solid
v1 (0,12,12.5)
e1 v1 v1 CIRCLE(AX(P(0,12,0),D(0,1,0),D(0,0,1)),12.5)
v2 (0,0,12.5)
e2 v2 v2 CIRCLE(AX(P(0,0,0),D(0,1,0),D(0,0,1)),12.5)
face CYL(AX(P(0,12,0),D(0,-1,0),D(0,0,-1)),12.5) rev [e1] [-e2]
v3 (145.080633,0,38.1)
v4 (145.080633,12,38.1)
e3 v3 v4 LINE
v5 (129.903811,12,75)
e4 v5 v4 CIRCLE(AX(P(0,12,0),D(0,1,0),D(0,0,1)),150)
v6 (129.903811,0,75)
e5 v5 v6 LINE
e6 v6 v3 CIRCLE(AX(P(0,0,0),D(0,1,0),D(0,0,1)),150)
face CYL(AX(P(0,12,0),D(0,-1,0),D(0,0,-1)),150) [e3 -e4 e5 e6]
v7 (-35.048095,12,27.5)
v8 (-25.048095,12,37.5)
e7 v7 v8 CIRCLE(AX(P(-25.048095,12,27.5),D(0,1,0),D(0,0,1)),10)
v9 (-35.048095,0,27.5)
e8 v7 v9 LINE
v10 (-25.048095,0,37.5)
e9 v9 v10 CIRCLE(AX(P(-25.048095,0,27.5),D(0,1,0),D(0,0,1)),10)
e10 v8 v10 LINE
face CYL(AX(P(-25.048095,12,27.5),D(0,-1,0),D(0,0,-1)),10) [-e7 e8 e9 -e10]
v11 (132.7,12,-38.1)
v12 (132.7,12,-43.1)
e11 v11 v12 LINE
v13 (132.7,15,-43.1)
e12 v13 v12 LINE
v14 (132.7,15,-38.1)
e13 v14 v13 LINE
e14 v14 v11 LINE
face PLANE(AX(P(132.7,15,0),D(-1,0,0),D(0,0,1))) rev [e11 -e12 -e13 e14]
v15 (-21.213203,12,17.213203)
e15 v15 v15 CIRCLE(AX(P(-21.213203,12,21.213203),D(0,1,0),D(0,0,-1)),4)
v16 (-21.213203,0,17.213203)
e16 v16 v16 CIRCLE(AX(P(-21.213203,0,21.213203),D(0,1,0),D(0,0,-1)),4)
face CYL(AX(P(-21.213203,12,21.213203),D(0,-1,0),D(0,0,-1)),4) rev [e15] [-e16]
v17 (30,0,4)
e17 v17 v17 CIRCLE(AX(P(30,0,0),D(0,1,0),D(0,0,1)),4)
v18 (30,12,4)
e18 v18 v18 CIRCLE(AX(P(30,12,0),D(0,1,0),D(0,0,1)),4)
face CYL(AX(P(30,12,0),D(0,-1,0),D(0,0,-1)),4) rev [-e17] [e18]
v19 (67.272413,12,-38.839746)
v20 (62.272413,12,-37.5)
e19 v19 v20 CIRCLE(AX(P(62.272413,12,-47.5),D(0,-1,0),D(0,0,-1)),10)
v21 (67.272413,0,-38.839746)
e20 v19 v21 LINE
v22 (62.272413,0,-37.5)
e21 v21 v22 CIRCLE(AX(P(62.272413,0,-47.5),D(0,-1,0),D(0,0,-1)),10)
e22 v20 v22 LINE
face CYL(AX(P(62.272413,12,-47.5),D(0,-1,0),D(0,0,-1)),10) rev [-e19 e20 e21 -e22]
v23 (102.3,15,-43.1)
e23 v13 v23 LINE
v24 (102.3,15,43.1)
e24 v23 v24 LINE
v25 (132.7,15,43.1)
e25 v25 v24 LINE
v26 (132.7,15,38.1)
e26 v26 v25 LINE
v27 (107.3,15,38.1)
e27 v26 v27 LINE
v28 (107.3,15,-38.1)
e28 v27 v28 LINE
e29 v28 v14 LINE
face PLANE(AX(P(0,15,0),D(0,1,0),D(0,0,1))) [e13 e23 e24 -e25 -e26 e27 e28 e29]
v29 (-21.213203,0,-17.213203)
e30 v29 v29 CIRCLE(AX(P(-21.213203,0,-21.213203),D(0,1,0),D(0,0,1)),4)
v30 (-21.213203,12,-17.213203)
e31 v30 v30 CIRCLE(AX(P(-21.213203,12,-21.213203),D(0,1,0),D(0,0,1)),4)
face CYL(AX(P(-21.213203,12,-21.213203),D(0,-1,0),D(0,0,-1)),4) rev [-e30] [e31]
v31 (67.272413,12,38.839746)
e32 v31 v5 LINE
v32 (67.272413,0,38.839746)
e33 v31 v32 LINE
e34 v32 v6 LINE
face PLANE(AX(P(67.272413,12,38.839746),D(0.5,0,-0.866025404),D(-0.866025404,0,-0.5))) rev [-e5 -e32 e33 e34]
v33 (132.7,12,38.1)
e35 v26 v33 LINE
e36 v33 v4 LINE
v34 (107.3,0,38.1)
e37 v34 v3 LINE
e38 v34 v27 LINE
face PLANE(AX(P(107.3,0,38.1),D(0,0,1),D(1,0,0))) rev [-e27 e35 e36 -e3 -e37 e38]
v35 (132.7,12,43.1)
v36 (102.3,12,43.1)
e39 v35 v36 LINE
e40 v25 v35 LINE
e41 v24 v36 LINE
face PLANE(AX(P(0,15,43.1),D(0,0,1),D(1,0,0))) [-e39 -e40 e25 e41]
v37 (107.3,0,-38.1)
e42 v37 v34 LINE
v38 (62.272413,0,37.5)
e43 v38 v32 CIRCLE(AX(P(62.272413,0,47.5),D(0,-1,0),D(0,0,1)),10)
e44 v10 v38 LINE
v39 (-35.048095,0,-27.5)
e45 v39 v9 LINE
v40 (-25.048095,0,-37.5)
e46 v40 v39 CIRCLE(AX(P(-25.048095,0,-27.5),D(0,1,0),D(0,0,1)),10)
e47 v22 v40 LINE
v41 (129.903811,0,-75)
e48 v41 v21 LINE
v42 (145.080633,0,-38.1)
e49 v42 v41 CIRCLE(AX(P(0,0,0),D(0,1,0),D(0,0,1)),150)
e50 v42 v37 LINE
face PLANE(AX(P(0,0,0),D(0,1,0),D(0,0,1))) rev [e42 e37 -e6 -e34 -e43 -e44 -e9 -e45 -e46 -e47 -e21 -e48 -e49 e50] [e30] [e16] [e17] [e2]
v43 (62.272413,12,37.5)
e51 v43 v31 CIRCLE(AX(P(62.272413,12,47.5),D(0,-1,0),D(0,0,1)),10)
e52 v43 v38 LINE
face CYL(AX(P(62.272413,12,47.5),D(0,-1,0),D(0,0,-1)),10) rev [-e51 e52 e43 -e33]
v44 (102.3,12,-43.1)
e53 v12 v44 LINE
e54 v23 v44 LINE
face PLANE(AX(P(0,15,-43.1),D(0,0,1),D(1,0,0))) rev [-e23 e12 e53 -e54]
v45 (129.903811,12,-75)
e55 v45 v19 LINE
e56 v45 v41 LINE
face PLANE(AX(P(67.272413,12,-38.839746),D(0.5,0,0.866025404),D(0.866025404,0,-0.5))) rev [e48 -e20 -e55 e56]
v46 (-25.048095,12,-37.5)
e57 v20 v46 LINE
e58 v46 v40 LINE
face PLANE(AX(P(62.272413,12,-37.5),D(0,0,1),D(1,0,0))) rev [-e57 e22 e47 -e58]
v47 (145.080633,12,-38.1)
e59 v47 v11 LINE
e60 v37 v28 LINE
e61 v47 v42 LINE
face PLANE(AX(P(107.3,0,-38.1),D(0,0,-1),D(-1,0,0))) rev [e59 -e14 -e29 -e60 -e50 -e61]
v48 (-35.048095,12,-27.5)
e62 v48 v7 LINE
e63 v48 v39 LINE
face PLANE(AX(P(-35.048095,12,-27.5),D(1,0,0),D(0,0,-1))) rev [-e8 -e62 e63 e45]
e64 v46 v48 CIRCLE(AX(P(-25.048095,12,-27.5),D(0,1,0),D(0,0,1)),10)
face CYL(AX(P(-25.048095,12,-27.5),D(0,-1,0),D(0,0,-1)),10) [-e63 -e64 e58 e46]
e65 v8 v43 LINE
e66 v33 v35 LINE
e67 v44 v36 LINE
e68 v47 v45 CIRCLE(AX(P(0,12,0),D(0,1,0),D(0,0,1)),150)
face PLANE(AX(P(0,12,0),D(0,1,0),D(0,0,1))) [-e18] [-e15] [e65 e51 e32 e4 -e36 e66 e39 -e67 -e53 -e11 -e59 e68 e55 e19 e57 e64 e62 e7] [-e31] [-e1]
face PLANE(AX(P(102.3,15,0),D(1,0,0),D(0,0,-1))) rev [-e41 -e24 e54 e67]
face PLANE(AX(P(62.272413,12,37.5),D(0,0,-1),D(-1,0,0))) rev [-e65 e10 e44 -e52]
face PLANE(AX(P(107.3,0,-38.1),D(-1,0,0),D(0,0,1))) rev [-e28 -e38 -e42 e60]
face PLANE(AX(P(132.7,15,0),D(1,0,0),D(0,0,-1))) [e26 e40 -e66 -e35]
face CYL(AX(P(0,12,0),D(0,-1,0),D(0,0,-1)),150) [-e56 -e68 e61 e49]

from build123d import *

# Parameters (mm, degrees)
SKETCH1_R           = 12.5
SKETCH1_R_2         = 4
BOSS_EXTRUDE1_DEPTH = 12
SKETCH3_W           = 48.002845368
SKETCH3_H           = 76.2
CUT_EXTRUDE5_DEPTH  = 13
BOSS_EXTRUDE3_DEPTH = 3


with BuildPart() as part:
    # Sketch1 → Boss-Extrude1 (new body)
    with BuildSketch(Plane(origin=(0, 0, 0), x_dir=(1, 0, 0), z_dir=(0, 1, 0))):
        with BuildLine():
            Line((67.27241336, 38.839745962), (129.903810568, 75))
            ThreePointArc((129.903810568, 75), (150, 0), (129.903810568, -75))
            Line((129.903810568, -75), (67.27241336, -38.839745962))
            ThreePointArc((67.27241336, -38.839745962), (64.860603811, -37.840741737), (62.27241336, -37.5))
            Line((62.27241336, -37.5), (-25.048094716, -37.5))
            ThreePointArc((-25.048094716, -37.5), (-32.119162528, -34.571067812), (-35.048094716, -27.5))
            Line((-35.048094716, -27.5), (-35.048094716, 27.5))
            ThreePointArc((-35.048094716, 27.5), (-32.119162528, 34.571067812), (-25.048094716, 37.5))
            Line((-25.048094716, 37.5), (62.27241336, 37.5))
            ThreePointArc((62.27241336, 37.5), (64.860603811, 37.840741737), (67.27241336, 38.839745962))
        make_face()
        Circle(SKETCH1_R, mode=Mode.SUBTRACT)
        with Locations((30, 0)):
            Circle(SKETCH1_R_2, mode=Mode.SUBTRACT)
        with Locations((-21.213203436, 21.213203436)):
            Circle(SKETCH1_R_2, mode=Mode.SUBTRACT)
        with Locations((-21.213203436, -21.213203436)):
            Circle(SKETCH1_R_2, mode=Mode.SUBTRACT)
    extrude(amount=BOSS_EXTRUDE1_DEPTH)

    # Sketch3 → Cut-Extrude5 (cut, through all)
    with BuildSketch(Plane(origin=(0, 12, 0), x_dir=(1, 0, 0), z_dir=(0, 1, 0))):
        with Locations((131.301422684, 0)):
            Rectangle(SKETCH3_W, SKETCH3_H)
    extrude(amount=-CUT_EXTRUDE5_DEPTH, mode=Mode.SUBTRACT)

    # Sketch4 → Boss-Extrude3 (add)
    with BuildSketch(Plane(origin=(0, 12, 0), x_dir=(1, 0, 0), z_dir=(0, 1, 0))):
        Polygon((107.3, -38.1), (107.3, 0), (102.3, 0), (102.3, -43.1), (107.3, -43.1), (132.7, -43.1), (132.7, -38.1), align=None)
        Polygon((107.3, 0), (107.3, 38.1), (132.7, 38.1), (132.7, 43.1), (107.3, 43.1), (102.3, 43.1), (102.3, 0), align=None)
    extrude(amount=BOSS_EXTRUDE3_DEPTH)


solid = part.part
